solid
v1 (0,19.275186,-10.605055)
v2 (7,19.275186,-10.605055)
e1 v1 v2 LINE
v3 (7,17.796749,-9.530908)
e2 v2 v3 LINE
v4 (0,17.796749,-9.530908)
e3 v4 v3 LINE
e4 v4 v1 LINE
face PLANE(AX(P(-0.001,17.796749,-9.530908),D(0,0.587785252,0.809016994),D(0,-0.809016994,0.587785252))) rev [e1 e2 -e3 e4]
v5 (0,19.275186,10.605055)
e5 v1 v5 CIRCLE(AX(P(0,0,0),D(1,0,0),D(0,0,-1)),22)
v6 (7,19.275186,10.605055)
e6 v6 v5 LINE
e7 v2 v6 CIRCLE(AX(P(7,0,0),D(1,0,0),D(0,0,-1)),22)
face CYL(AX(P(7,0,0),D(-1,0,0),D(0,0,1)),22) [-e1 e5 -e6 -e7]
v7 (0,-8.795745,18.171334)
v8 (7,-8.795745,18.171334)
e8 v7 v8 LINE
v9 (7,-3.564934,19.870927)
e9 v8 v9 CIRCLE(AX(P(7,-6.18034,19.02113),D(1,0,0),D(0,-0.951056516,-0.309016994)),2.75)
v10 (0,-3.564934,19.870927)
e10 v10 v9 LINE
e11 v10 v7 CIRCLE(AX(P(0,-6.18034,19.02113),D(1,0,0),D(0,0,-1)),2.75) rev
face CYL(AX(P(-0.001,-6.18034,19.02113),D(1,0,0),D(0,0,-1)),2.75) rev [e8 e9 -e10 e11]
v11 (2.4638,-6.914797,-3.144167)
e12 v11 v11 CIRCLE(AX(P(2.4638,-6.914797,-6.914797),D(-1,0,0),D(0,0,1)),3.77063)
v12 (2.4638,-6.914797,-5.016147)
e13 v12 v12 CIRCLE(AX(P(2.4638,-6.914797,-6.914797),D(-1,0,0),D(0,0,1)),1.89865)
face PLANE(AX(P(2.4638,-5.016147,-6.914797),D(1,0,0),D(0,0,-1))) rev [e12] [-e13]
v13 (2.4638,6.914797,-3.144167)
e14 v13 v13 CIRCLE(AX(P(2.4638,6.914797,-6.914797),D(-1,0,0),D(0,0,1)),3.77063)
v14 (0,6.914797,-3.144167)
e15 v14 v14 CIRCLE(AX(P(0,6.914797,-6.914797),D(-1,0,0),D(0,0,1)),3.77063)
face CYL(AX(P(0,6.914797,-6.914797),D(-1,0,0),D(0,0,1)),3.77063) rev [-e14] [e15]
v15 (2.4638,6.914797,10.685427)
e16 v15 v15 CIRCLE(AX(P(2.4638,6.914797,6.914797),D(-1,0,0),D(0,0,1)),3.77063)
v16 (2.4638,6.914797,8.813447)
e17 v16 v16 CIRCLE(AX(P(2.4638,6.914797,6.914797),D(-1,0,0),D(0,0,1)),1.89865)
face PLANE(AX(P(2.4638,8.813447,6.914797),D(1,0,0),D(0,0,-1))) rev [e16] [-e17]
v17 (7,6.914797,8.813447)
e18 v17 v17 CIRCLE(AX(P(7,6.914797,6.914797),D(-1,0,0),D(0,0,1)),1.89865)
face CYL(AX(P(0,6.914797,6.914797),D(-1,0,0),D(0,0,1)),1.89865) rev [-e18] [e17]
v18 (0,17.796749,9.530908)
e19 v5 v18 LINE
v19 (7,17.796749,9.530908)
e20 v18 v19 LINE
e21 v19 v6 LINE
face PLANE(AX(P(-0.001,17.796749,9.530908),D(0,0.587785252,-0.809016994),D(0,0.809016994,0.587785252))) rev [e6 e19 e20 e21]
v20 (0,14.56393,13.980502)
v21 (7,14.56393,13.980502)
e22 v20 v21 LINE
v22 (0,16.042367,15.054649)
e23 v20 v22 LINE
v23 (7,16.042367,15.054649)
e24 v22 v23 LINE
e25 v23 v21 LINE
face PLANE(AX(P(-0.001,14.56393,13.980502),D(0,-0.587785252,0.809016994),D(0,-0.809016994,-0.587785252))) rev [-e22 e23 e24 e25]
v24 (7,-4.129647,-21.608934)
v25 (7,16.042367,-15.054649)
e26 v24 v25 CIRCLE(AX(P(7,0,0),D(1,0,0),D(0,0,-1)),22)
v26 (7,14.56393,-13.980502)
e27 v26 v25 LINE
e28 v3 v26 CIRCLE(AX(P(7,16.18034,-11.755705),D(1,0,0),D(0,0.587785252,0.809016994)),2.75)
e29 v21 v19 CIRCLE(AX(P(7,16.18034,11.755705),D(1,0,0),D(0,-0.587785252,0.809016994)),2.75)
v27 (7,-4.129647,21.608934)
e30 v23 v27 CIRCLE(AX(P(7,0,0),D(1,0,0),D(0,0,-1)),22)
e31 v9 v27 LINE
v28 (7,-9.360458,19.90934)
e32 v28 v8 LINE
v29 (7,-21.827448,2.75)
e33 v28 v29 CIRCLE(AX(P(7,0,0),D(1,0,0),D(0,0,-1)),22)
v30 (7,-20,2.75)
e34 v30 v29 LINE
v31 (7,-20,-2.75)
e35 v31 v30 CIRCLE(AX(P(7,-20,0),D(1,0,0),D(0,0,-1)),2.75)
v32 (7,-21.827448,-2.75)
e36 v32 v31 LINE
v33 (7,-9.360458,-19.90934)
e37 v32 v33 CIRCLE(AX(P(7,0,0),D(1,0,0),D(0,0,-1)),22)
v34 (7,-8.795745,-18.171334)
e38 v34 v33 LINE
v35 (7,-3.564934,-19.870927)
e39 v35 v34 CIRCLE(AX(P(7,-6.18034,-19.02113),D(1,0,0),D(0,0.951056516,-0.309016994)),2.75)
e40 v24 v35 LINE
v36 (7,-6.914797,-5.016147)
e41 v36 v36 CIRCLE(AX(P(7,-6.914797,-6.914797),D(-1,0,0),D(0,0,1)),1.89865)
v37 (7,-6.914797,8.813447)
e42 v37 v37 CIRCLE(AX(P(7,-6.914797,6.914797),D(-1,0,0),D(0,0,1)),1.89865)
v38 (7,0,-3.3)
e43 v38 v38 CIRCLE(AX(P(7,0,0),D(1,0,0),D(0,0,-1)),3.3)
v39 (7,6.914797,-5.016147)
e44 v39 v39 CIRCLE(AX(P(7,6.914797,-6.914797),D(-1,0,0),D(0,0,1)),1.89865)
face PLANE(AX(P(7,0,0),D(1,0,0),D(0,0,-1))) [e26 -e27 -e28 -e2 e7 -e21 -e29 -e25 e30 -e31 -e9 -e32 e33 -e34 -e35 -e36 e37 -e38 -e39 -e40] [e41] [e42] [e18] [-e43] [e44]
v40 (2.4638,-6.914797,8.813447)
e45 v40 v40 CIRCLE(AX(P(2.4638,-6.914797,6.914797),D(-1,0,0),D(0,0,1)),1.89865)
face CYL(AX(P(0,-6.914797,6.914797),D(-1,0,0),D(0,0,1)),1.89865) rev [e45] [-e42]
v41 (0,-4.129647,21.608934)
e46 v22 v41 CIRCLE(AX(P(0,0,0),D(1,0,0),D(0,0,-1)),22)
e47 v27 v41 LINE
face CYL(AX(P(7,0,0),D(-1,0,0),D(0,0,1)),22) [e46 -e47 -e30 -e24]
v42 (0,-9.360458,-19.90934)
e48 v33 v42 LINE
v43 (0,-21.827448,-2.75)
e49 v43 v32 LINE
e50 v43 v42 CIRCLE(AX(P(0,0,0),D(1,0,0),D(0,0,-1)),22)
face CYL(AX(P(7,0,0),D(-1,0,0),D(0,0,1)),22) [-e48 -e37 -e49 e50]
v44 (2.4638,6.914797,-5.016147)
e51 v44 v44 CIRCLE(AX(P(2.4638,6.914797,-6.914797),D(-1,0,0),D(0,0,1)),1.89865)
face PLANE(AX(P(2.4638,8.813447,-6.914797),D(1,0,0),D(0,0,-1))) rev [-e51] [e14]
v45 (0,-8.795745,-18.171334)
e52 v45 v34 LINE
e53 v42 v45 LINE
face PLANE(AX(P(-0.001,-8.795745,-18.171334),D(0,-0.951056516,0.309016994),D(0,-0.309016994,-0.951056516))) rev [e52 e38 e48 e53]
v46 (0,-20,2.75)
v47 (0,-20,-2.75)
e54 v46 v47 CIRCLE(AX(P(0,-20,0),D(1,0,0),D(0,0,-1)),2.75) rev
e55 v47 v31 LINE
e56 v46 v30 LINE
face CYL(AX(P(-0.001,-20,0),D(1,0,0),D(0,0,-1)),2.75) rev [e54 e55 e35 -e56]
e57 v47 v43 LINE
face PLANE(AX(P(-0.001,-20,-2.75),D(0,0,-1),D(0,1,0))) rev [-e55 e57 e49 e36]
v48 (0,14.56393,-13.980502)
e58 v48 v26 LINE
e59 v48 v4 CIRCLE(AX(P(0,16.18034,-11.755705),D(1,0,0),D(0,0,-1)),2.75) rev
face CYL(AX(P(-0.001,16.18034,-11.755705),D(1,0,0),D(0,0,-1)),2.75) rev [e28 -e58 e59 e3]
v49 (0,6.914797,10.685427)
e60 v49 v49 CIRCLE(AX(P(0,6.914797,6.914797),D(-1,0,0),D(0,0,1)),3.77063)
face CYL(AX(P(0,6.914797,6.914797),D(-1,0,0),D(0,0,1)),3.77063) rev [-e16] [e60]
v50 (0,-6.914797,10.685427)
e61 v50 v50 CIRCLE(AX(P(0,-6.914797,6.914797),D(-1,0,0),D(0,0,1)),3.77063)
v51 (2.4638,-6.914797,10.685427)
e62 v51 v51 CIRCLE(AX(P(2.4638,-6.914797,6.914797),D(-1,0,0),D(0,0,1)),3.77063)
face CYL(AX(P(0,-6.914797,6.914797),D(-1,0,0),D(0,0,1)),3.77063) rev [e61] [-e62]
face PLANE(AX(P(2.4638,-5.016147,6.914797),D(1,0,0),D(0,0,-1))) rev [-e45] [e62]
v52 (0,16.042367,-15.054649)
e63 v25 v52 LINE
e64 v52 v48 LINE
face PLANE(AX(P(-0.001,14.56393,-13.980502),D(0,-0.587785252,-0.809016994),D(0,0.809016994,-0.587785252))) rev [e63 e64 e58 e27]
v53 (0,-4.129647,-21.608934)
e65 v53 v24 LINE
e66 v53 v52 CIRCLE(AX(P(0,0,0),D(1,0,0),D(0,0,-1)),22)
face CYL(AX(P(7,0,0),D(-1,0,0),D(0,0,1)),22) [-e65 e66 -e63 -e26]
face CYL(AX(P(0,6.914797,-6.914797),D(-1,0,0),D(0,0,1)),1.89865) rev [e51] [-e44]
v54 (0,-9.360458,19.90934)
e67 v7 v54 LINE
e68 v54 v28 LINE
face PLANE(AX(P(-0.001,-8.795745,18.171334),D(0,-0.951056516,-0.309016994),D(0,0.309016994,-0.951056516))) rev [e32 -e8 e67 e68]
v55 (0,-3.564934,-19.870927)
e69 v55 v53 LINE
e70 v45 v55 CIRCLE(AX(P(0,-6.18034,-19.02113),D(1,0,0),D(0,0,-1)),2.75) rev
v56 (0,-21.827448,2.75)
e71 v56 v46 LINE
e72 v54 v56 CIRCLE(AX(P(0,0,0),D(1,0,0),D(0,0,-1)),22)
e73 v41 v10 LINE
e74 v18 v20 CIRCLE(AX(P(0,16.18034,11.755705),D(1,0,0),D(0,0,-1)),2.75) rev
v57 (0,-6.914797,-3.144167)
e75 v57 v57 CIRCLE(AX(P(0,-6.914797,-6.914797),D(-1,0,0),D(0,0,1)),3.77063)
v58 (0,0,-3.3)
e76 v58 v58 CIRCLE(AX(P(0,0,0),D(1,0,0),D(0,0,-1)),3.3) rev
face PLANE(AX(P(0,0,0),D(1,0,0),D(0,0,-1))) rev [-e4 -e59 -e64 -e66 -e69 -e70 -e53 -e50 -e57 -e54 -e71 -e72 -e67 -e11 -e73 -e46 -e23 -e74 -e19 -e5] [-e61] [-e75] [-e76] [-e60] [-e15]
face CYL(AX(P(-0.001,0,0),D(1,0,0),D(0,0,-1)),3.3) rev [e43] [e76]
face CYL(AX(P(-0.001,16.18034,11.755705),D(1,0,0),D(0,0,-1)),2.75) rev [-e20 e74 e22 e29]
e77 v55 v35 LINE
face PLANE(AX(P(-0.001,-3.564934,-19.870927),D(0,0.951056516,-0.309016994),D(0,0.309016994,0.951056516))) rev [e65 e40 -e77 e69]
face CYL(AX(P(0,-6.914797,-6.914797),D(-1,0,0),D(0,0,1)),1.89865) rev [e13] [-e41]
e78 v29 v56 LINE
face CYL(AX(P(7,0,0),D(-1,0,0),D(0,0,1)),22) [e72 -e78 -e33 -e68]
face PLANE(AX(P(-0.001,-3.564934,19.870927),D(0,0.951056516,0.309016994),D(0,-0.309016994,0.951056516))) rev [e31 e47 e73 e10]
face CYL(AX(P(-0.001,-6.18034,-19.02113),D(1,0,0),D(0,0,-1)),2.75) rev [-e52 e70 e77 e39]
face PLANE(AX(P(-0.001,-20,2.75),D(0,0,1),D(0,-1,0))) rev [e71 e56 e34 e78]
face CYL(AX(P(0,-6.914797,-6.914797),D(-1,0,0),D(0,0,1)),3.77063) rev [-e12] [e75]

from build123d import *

# Parameters (mm, degrees)
ESQUISSE1_R                                      = 22
BOSS_EXTRU_1_DEPTH                               = 7
ENL_V_MAT_EXTRU_1_REACH                          = 33.89
R_P_TITION_CIRCULAIRE1_COUNT                     = 5
ENL_V_MAT_EXTRU_2_REACH                          = 33.89
ESQUISSE6_R                                      = 3.3
CHAMBRAGE_POUR_VIS_T_TE_RONDE_BOMB_E_D           = 3.7973
CHAMBRAGE_POUR_VIS_T_TE_RONDE_BOMB_E_CBORE_D     = 7.54126
CHAMBRAGE_POUR_VIS_T_TE_RONDE_BOMB_E_CBORE_DEPTH = 2.4638


with BuildPart() as part:
    # Esquisse1 → Boss.-Extru.1 (new body)
    with BuildSketch(Plane(origin=(0, 0, 0), x_dir=(0, 0, -1), z_dir=(1, 0, 0))):
        Circle(ESQUISSE1_R)
    extrude(amount=BOSS_EXTRU_1_DEPTH)

    # Esquisse5 → Enlèv. mat.-Extru.1 (cut, up to next)
    with BuildSketch(Plane(origin=(7, 0, 0), x_dir=(0, 0, -1), z_dir=(1, 0, 0)), mode=Mode.PRIVATE) as enl_v_mat_extru_1_sk1:
        with BuildLine():
            Line((2.75, -20), (2.75, -24))
            ThreePointArc((2.75, -24), (0, -26.75), (-2.75, -24))
            Line((-2.75, -24), (-2.75, -20))
            ThreePointArc((-2.75, -20), (0, -17.25), (2.75, -20))
        make_face()
    enl_v_mat_extru_1_tool1 = extrude(enl_v_mat_extru_1_sk1.sketch, amount=-ENL_V_MAT_EXTRU_1_REACH, mode=Mode.PRIVATE) & part.part
    enl_v_mat_extru_1 = enl_v_mat_extru_1_tool1.solids().sort_by_distance((7, -22, 0))[0]
    add(enl_v_mat_extru_1, mode=Mode.SUBTRACT)

    # Répétition circulaire1: Enlèv. mat.-Extru.1 ×5 about axis
    r_p_tition_circulaire1_axis = Axis((0, 0, 0), (1, 0, 0))
    for i in range(1, R_P_TITION_CIRCULAIRE1_COUNT):
        add(enl_v_mat_extru_1.rotate(r_p_tition_circulaire1_axis, i * 360 / R_P_TITION_CIRCULAIRE1_COUNT), mode=Mode.SUBTRACT)

    # Esquisse6 → Enlèv. mat.-Extru.2 (cut, up to next)
    with BuildSketch(Plane(origin=(7, 0, 0), x_dir=(0, 0, -1), z_dir=(1, 0, 0)), mode=Mode.PRIVATE) as enl_v_mat_extru_2_sk1:
        Circle(ESQUISSE6_R)
    enl_v_mat_extru_2_tool1 = extrude(enl_v_mat_extru_2_sk1.sketch, amount=-ENL_V_MAT_EXTRU_2_REACH, mode=Mode.PRIVATE) & part.part
    add(enl_v_mat_extru_2_tool1.solids().sort_by_distance((7, 0, 0))[0], mode=Mode.SUBTRACT)

    # Chambrage pour vis à tête ronde bombée #61 (through all)
    with Locations(Plane.ZY):
        with Locations((-6.914797213, 6.914797213), (6.914797213, 6.914797213), (6.914797213, -6.914797213), (-6.914797213, -6.914797213)):
            CounterBoreHole(CHAMBRAGE_POUR_VIS_T_TE_RONDE_BOMB_E_D / 2, CHAMBRAGE_POUR_VIS_T_TE_RONDE_BOMB_E_CBORE_D / 2, CHAMBRAGE_POUR_VIS_T_TE_RONDE_BOMB_E_CBORE_DEPTH)


solid = part.part
